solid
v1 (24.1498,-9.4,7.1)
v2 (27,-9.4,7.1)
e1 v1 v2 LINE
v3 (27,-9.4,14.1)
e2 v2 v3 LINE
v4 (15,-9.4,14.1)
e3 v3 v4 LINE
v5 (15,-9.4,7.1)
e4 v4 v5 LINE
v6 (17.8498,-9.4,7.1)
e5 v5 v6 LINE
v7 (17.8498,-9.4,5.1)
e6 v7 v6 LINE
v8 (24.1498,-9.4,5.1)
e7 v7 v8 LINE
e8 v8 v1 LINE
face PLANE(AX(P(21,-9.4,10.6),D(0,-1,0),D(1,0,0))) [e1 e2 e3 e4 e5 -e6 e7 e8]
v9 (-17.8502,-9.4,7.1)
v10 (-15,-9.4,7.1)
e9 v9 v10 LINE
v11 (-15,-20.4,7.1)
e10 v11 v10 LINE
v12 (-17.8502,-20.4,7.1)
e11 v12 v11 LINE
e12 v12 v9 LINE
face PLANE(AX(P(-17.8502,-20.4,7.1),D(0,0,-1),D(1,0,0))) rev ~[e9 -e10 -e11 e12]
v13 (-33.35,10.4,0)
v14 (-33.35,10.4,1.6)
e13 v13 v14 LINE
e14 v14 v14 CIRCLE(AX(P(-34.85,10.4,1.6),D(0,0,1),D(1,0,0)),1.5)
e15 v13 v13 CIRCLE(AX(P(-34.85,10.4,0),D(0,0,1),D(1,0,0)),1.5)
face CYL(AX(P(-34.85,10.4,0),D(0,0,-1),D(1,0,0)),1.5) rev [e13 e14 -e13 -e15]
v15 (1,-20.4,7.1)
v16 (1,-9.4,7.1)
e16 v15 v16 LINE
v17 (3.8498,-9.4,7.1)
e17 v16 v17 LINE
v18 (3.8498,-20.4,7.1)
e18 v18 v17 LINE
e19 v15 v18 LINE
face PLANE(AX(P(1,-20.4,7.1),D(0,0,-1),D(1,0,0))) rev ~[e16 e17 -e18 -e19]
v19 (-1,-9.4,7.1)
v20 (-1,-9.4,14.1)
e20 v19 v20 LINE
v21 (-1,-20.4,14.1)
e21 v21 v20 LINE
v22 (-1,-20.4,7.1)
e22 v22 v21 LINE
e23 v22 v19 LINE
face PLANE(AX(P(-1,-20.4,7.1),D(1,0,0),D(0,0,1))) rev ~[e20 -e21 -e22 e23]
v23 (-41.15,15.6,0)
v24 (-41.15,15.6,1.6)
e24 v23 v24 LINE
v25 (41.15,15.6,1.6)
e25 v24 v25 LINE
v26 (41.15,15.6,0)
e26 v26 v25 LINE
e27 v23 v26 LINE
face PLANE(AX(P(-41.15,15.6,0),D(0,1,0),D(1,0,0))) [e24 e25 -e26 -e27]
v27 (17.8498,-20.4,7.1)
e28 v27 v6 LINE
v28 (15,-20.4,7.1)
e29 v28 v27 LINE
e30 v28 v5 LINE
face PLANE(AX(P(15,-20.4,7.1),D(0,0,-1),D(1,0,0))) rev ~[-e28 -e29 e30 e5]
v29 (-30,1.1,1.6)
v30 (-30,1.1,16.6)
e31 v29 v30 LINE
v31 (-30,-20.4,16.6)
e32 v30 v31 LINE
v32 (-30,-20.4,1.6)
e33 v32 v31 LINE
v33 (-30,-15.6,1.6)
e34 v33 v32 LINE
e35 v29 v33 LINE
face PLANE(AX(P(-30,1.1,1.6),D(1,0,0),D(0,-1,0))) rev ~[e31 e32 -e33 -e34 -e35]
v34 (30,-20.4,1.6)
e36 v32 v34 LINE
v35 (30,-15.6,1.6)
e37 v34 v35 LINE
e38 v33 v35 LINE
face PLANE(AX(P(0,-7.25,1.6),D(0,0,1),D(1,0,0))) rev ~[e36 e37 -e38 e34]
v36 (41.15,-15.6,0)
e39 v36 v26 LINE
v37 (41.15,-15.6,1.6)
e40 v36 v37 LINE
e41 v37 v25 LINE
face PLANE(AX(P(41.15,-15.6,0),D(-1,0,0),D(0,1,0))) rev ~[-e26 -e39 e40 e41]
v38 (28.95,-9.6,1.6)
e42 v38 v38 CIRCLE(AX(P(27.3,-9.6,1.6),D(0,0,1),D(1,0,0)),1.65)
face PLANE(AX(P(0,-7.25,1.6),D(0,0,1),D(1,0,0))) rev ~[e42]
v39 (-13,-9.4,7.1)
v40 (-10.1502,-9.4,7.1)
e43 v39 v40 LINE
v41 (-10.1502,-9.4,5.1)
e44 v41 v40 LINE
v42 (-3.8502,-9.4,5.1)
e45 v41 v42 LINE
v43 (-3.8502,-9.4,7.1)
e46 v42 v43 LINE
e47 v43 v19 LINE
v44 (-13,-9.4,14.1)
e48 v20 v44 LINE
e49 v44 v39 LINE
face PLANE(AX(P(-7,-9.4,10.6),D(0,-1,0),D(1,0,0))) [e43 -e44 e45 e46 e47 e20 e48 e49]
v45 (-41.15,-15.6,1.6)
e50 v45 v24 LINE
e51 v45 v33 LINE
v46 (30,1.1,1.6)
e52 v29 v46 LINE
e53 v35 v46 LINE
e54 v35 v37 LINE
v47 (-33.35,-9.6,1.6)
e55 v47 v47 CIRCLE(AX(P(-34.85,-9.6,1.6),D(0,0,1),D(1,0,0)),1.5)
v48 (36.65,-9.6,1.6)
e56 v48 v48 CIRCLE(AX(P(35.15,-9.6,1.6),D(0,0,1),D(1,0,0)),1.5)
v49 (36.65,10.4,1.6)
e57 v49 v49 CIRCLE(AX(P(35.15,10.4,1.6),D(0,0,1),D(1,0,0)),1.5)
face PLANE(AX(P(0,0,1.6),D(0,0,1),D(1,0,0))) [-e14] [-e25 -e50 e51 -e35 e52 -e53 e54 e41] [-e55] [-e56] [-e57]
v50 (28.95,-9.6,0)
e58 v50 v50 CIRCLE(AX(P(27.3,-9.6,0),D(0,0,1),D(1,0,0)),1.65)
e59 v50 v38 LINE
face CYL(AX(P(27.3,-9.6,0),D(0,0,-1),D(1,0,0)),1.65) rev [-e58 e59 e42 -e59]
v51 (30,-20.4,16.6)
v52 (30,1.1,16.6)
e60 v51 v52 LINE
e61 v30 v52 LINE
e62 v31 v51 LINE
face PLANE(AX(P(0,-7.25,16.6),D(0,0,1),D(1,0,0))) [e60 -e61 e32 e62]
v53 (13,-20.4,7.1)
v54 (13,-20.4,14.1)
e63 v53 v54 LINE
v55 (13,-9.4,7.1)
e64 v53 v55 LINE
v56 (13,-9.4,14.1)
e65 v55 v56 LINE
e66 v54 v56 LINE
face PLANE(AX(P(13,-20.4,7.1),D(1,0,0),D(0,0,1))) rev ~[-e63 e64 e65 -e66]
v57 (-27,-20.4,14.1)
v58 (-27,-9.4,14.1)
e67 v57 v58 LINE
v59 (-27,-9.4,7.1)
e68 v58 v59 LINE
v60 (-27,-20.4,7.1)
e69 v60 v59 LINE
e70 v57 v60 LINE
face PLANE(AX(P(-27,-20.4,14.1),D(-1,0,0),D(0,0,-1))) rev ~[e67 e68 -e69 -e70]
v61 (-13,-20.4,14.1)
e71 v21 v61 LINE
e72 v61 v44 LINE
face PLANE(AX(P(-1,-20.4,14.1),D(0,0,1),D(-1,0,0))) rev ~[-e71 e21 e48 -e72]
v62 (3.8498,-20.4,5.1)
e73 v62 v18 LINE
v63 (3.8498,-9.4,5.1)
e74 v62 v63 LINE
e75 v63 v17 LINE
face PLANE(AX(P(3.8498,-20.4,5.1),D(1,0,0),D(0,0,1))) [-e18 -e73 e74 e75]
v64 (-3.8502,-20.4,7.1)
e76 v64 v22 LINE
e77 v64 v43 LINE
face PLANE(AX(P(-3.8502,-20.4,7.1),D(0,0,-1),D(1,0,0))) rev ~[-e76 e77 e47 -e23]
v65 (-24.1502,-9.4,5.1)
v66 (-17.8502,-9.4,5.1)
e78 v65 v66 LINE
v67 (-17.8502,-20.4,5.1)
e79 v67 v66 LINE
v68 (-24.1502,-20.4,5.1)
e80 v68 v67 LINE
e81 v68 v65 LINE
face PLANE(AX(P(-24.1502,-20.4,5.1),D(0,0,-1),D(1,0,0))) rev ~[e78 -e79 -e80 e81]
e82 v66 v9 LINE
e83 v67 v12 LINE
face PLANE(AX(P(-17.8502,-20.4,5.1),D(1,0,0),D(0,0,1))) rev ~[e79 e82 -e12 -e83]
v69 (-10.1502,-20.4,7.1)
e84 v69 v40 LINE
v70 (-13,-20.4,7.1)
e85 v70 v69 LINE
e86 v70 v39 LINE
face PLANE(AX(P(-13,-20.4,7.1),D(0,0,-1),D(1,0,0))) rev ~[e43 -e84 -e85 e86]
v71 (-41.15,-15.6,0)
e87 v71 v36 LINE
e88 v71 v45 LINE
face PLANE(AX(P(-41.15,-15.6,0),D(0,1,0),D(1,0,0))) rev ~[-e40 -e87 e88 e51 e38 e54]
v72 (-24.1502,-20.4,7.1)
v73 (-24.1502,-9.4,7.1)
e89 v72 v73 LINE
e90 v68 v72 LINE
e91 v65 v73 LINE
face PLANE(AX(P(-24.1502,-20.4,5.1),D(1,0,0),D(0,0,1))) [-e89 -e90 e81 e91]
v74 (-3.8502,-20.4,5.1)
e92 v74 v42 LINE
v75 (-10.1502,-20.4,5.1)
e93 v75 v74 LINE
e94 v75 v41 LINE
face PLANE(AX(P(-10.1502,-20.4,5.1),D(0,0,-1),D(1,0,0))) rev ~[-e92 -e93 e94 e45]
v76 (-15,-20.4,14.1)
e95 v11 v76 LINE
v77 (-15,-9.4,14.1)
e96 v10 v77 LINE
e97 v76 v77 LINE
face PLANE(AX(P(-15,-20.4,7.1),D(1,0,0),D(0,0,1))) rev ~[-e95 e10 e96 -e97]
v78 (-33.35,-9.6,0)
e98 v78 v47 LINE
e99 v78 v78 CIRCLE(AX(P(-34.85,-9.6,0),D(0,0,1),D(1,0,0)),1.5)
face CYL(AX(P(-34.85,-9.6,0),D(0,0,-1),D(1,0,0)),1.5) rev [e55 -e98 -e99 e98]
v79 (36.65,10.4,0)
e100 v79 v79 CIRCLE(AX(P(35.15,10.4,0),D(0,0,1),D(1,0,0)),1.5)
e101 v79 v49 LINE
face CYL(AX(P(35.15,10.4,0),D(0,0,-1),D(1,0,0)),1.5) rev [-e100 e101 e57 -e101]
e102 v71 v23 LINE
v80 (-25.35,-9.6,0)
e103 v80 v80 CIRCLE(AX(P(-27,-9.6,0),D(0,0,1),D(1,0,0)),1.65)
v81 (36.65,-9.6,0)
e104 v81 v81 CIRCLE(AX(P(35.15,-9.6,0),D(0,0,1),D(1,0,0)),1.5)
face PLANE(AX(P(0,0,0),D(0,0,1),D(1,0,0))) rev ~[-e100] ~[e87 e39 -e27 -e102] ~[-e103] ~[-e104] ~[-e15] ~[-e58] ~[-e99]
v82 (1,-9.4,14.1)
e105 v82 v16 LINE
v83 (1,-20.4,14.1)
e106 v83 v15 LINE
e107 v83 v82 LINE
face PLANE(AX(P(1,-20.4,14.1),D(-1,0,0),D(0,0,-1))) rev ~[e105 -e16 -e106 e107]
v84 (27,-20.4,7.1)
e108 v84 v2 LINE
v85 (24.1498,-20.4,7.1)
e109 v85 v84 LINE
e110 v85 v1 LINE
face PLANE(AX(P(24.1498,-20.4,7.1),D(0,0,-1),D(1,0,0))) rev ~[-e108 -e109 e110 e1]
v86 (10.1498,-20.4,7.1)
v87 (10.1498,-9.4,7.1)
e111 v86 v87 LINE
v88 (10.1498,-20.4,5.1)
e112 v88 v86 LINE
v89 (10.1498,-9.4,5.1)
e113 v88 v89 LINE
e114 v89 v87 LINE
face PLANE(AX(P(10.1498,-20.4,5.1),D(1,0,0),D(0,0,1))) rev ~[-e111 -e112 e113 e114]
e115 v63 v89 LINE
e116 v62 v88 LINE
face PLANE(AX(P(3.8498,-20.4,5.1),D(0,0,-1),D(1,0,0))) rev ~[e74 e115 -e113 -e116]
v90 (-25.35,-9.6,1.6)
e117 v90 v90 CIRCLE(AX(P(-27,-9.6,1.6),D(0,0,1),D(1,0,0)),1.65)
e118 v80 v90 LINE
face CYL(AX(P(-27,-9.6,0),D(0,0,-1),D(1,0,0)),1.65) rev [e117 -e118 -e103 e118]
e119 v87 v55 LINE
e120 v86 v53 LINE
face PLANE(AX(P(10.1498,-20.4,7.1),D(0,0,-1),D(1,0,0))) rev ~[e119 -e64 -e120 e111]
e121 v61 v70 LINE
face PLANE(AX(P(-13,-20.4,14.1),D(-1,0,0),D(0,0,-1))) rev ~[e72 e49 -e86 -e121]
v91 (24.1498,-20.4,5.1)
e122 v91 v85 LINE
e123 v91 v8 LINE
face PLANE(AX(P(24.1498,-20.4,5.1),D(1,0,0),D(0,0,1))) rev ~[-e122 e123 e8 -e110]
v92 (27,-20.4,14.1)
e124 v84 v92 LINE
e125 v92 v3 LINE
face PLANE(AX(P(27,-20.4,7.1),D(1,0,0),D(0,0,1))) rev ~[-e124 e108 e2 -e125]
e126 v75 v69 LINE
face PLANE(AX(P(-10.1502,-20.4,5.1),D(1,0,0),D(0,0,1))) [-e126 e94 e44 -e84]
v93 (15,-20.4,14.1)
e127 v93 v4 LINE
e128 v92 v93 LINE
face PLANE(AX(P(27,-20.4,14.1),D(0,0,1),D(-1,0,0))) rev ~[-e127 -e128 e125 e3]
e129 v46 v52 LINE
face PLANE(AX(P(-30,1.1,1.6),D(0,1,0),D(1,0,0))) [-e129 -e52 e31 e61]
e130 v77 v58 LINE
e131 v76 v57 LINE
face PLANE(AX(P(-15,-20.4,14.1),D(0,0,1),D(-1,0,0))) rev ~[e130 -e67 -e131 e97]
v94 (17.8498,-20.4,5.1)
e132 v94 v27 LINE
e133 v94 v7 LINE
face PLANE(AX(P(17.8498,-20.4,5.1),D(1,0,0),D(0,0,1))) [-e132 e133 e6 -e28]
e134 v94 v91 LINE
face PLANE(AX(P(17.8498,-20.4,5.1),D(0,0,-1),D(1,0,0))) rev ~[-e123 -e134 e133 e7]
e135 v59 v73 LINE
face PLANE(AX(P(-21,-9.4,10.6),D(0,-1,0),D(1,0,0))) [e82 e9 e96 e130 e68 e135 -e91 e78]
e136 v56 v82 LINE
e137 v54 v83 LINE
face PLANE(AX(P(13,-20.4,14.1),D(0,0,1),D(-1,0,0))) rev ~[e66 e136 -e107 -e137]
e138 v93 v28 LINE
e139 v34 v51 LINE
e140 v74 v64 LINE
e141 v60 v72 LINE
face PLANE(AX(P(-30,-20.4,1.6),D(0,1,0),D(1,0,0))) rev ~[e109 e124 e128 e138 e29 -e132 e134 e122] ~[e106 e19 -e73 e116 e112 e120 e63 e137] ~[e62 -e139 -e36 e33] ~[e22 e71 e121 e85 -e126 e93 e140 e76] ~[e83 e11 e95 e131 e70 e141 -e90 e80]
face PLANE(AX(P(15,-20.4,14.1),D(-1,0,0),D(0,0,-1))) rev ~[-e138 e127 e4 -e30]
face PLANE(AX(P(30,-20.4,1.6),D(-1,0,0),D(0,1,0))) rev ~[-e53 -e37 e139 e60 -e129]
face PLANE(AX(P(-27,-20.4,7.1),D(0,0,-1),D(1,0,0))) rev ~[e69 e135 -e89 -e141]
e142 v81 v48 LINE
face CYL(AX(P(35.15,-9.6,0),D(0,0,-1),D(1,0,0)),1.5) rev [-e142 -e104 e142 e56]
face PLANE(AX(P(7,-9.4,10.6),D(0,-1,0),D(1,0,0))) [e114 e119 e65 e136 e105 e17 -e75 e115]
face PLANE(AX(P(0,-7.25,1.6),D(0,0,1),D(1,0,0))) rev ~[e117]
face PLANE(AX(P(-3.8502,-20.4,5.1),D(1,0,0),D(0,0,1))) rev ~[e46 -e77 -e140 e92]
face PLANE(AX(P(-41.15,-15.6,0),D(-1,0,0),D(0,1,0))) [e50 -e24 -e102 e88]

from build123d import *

# Parameters (mm, degrees)
F0_W     = 82.3
F0_H     = 31.2
F0_R     = 1.5
F0_R_2   = 1.65
F1_DEPTH = 1.6
F2_W     = 60
F2_H     = 16.7
F2_R     = 1.65
F2_H_2   = 4.8
F3_DEPTH = 15
F4_W     = 6.3
F4_H     = 2
F5_DEPTH = 11


with BuildPart() as f1:
    # F0 (on Top) → F1 (new body)
    with BuildSketch(Plane.XY):
        Rectangle(F0_W, F0_H)
        with Locations((-34.85, -9.6)):
            Circle(F0_R, mode=Mode.SUBTRACT)
        with Locations((-27, -9.6)):
            Circle(F0_R_2, mode=Mode.SUBTRACT)
        with Locations((27.3, -9.6)):
            Circle(F0_R_2, mode=Mode.SUBTRACT)
        with Locations((35.15, -9.6)):
            Circle(F0_R, mode=Mode.SUBTRACT)
        with Locations((-34.85, 10.4)):
            Circle(F0_R, mode=Mode.SUBTRACT)
        with Locations((35.15, 10.4)):
            Circle(F0_R, mode=Mode.SUBTRACT)
    extrude(amount=F1_DEPTH)

    # F2 (on face) → F3 (join)
    with BuildSketch(Plane.XY.offset(1.6)):
        with Locations((0, -7.25)):
            Rectangle(F2_W, F2_H)
        with Locations((-27, -9.6)):
            Circle(F2_R, mode=Mode.SUBTRACT)
        with Locations((27.3, -9.6)):
            Circle(F2_R, mode=Mode.SUBTRACT)
        with Locations((0, -18)):
            Rectangle(F2_W, F2_H_2)
        with Locations((-27, -9.6)):
            Circle(F2_R)
        with Locations((27.3, -9.6)):
            Circle(F2_R)
    extrude(amount=F3_DEPTH)

    # F4 (on face) → F5 (cut)
    with BuildSketch(Plane.XZ.offset(20.4)):
        Polygon((-15, 14.1), (-27, 14.1), (-27, 7.1), (-24.1502, 7.1), (-17.8502, 7.1), (-15, 7.1), align=None)
        Polygon((-1, 14.1), (-13, 14.1), (-13, 7.1), (-10.1502, 7.1), (-3.8502, 7.1), (-1, 7.1), align=None)
        Polygon((13, 14.1), (1, 14.1), (1, 7.1), (3.8498, 7.1), (10.1498, 7.1), (13, 7.1), align=None)
        Polygon((27, 14.1), (15, 14.1), (15, 7.1), (17.8498, 7.1), (24.1498, 7.1), (27, 7.1), align=None)
        with Locations((20.9998, 6.1)):
            Rectangle(F4_W, F4_H)
        with Locations((6.9998, 6.1)):
            Rectangle(F4_W, F4_H)
        with Locations((-7.0002, 6.1)):
            Rectangle(F4_W, F4_H)
        with Locations((-21.0002, 6.1)):
            Rectangle(F4_W, F4_H)
    extrude(amount=-F5_DEPTH, mode=Mode.SUBTRACT)


solid = f1.part
